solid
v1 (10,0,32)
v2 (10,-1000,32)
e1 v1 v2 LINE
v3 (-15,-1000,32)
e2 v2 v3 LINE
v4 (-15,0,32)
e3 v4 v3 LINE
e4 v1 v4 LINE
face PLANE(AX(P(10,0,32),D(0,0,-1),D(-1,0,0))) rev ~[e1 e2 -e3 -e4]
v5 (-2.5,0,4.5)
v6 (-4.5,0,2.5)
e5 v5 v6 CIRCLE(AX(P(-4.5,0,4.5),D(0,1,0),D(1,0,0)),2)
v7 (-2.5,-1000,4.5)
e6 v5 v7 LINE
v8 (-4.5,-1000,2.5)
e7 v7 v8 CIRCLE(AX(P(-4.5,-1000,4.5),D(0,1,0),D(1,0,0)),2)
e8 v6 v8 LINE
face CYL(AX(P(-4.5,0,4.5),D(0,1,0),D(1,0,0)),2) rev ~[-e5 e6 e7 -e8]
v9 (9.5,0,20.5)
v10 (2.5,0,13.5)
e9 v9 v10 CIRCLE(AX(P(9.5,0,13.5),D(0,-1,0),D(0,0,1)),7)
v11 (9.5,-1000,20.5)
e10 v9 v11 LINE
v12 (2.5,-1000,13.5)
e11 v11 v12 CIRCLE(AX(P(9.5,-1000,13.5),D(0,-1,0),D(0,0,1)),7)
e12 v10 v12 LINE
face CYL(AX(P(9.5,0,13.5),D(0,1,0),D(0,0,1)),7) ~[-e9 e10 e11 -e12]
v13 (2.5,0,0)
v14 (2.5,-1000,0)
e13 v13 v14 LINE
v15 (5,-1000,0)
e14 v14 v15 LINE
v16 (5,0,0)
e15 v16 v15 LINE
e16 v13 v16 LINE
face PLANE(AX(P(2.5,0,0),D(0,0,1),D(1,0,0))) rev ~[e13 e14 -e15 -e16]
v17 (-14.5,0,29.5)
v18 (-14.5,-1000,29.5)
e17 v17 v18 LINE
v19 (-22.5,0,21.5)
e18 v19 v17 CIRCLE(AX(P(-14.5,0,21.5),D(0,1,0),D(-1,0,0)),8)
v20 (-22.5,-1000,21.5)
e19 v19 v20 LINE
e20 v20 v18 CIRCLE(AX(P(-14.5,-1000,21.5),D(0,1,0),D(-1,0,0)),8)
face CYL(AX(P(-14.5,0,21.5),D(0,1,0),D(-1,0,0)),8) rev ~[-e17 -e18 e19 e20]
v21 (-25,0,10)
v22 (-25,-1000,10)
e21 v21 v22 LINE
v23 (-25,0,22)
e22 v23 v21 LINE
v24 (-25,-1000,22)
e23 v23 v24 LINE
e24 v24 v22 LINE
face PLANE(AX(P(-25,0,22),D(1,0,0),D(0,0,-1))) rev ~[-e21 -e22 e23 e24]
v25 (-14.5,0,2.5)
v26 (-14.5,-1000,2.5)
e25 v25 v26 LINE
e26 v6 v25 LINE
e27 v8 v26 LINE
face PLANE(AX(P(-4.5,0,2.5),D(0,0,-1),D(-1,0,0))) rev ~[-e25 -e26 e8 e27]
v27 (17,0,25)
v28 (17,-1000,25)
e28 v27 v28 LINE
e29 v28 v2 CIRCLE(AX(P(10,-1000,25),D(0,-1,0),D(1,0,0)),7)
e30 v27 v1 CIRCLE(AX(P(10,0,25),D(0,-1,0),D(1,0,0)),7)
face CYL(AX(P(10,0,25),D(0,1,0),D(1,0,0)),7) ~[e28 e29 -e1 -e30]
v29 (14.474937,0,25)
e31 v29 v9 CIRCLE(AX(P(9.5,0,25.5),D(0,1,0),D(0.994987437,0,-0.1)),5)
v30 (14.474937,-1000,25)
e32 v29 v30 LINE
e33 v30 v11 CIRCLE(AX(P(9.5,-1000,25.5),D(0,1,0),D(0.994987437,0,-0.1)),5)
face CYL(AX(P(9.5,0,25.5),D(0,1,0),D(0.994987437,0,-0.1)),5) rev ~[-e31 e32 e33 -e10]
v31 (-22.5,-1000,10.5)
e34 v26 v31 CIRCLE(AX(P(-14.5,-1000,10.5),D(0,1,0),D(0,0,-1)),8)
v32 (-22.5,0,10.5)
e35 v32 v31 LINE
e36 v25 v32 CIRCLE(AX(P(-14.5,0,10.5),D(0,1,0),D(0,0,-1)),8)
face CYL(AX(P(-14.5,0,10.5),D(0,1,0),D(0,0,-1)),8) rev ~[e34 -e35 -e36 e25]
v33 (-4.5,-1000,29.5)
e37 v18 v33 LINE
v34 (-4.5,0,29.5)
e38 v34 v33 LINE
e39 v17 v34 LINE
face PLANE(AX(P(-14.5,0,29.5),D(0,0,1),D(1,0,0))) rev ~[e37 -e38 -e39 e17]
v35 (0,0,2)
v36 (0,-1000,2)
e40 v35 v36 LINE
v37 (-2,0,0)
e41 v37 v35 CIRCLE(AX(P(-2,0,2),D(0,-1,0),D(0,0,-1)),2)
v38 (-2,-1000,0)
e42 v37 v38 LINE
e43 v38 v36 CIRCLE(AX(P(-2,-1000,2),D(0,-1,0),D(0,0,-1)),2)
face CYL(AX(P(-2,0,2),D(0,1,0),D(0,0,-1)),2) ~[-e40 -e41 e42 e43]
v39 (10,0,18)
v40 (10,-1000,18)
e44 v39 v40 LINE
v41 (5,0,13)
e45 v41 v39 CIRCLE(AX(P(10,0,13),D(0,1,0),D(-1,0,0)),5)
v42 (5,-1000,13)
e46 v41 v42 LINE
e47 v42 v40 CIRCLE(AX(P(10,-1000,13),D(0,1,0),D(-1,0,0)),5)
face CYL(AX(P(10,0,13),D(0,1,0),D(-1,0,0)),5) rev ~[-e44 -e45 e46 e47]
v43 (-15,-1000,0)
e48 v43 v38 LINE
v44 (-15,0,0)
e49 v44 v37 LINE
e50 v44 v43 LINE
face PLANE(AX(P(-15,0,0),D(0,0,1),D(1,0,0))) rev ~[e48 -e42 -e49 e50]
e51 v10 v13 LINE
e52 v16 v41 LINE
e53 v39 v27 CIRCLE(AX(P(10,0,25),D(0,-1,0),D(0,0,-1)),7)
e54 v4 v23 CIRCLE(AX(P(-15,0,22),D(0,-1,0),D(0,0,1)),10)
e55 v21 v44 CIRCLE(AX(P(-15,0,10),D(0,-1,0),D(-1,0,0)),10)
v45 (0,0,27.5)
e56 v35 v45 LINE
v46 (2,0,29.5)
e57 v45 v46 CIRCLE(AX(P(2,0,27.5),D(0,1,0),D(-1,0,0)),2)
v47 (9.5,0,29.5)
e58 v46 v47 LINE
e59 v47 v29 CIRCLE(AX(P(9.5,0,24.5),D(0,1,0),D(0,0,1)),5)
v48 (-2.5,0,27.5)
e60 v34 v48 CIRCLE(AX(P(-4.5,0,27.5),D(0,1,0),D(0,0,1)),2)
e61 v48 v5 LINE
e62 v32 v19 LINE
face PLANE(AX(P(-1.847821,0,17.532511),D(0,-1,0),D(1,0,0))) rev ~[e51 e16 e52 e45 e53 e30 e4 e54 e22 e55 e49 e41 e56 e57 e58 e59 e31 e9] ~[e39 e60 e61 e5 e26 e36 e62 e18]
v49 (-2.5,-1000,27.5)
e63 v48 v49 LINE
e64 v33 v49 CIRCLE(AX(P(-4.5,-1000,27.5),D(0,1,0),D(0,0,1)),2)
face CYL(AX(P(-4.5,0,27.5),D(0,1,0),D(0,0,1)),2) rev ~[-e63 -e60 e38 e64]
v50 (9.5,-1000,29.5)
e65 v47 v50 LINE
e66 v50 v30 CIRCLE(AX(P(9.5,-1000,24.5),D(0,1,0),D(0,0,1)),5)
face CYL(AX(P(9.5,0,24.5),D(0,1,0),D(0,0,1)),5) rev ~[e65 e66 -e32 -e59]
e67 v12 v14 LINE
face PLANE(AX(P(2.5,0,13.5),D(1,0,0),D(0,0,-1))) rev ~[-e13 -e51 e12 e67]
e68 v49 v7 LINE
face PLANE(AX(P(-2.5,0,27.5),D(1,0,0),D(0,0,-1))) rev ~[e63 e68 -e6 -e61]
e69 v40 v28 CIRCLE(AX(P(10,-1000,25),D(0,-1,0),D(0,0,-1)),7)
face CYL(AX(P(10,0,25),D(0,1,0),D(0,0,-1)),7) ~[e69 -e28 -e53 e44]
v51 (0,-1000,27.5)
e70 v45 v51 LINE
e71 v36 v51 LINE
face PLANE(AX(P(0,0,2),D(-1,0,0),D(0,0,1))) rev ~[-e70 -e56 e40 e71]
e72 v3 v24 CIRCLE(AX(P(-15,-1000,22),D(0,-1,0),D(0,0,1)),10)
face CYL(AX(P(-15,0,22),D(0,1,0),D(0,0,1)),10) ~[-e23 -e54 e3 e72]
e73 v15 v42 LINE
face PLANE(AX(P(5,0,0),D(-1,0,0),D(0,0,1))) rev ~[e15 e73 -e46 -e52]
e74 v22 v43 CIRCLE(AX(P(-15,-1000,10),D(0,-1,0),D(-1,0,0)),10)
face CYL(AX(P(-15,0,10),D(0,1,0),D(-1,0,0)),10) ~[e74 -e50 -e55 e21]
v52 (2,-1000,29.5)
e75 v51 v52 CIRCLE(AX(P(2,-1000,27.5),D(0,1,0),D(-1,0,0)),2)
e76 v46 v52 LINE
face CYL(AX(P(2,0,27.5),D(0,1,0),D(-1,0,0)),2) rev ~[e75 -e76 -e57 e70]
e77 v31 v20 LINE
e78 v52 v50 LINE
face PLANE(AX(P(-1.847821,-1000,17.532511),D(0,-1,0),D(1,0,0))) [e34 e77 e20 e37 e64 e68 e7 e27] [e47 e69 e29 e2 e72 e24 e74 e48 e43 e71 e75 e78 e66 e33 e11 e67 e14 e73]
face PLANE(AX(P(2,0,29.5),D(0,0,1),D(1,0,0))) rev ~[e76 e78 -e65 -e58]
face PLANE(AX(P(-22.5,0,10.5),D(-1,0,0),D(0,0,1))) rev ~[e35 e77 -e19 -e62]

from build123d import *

# Parameters (mm, degrees)
F1_DEPTH = 1000


with BuildPart() as f1:
    # F0 (on Front) → F1 (new body)
    with BuildSketch(Plane.XZ):
        with BuildLine():
            Line((-15, 0), (-2, 0))
            ThreePointArc((-2, 0), (-0.5857864376, 0.5857864376), (0, 2))
            Line((0, 2), (0, 27.5))
            ThreePointArc((0, 27.5), (0.5857864376, 28.9142135624), (2, 29.5))
            Line((2, 29.5), (9.5, 29.5))
            ThreePointArc((9.5, 29.5), (12.8541019662, 28.2080992435), (14.4749371855, 25))
            ThreePointArc((14.4749371855, 25), (12.8541019662, 21.7919007565), (9.5, 20.5))
            ThreePointArc((9.5, 20.5), (4.5502525317, 18.4497474683), (2.5, 13.5))
            Line((2.5, 13.5), (2.5, 0))
            Line((2.5, 0), (5, 0))
            Line((5, 0), (5, 13))
            ThreePointArc((5, 13), (6.4644660941, 16.5355339059), (10, 18))
            ThreePointArc((10, 18), (14.9497474683, 20.0502525317), (17, 25))
            ThreePointArc((17, 25), (14.9497474683, 29.9497474683), (10, 32))
            Line((10, 32), (-15, 32))
            ThreePointArc((-15, 32), (-22.0710678119, 29.0710678119), (-25, 22))
            Line((-25, 22), (-25, 10))
            ThreePointArc((-25, 10), (-22.0710678119, 2.9289321881), (-15, 0))
        make_face()
        with BuildLine():
            ThreePointArc((-14.5, 2.5), (-20.1568542495, 4.8431457505), (-22.5, 10.5))
            Line((-22.5, 10.5), (-22.5, 21.5))
            ThreePointArc((-22.5, 21.5), (-20.1568542495, 27.1568542495), (-14.5, 29.5))
            Line((-14.5, 29.5), (-4.5, 29.5))
            ThreePointArc((-4.5, 29.5), (-3.0857864376, 28.9142135624), (-2.5, 27.5))
            Line((-2.5, 27.5), (-2.5, 4.5))
            ThreePointArc((-2.5, 4.5), (-3.0857864376, 3.0857864376), (-4.5, 2.5))
            Line((-4.5, 2.5), (-14.5, 2.5))
        make_face(mode=Mode.SUBTRACT)
        with BuildLine():
            ThreePointArc((14.5, 24.5), (14.4937303656, 24.7503138753), (14.4749371855, 25))
            ThreePointArc((14.4749371855, 25), (14.4937303656, 25.2496861247), (14.5, 25.5))
            Line((14.5, 25.5), (14.5, 24.5))
        make_face(mode=Mode.SUBTRACT)
        with BuildLine():
            ThreePointArc((14.5, 25.5), (14.4937303656, 25.2496861247), (14.4749371855, 25))
            ThreePointArc((14.4749371855, 25), (14.4937303656, 24.7503138753), (14.5, 24.5))
            Line((14.5, 24.5), (14.5, 25.5))
        make_face()
    extrude(amount=F1_DEPTH)


solid = f1.part
